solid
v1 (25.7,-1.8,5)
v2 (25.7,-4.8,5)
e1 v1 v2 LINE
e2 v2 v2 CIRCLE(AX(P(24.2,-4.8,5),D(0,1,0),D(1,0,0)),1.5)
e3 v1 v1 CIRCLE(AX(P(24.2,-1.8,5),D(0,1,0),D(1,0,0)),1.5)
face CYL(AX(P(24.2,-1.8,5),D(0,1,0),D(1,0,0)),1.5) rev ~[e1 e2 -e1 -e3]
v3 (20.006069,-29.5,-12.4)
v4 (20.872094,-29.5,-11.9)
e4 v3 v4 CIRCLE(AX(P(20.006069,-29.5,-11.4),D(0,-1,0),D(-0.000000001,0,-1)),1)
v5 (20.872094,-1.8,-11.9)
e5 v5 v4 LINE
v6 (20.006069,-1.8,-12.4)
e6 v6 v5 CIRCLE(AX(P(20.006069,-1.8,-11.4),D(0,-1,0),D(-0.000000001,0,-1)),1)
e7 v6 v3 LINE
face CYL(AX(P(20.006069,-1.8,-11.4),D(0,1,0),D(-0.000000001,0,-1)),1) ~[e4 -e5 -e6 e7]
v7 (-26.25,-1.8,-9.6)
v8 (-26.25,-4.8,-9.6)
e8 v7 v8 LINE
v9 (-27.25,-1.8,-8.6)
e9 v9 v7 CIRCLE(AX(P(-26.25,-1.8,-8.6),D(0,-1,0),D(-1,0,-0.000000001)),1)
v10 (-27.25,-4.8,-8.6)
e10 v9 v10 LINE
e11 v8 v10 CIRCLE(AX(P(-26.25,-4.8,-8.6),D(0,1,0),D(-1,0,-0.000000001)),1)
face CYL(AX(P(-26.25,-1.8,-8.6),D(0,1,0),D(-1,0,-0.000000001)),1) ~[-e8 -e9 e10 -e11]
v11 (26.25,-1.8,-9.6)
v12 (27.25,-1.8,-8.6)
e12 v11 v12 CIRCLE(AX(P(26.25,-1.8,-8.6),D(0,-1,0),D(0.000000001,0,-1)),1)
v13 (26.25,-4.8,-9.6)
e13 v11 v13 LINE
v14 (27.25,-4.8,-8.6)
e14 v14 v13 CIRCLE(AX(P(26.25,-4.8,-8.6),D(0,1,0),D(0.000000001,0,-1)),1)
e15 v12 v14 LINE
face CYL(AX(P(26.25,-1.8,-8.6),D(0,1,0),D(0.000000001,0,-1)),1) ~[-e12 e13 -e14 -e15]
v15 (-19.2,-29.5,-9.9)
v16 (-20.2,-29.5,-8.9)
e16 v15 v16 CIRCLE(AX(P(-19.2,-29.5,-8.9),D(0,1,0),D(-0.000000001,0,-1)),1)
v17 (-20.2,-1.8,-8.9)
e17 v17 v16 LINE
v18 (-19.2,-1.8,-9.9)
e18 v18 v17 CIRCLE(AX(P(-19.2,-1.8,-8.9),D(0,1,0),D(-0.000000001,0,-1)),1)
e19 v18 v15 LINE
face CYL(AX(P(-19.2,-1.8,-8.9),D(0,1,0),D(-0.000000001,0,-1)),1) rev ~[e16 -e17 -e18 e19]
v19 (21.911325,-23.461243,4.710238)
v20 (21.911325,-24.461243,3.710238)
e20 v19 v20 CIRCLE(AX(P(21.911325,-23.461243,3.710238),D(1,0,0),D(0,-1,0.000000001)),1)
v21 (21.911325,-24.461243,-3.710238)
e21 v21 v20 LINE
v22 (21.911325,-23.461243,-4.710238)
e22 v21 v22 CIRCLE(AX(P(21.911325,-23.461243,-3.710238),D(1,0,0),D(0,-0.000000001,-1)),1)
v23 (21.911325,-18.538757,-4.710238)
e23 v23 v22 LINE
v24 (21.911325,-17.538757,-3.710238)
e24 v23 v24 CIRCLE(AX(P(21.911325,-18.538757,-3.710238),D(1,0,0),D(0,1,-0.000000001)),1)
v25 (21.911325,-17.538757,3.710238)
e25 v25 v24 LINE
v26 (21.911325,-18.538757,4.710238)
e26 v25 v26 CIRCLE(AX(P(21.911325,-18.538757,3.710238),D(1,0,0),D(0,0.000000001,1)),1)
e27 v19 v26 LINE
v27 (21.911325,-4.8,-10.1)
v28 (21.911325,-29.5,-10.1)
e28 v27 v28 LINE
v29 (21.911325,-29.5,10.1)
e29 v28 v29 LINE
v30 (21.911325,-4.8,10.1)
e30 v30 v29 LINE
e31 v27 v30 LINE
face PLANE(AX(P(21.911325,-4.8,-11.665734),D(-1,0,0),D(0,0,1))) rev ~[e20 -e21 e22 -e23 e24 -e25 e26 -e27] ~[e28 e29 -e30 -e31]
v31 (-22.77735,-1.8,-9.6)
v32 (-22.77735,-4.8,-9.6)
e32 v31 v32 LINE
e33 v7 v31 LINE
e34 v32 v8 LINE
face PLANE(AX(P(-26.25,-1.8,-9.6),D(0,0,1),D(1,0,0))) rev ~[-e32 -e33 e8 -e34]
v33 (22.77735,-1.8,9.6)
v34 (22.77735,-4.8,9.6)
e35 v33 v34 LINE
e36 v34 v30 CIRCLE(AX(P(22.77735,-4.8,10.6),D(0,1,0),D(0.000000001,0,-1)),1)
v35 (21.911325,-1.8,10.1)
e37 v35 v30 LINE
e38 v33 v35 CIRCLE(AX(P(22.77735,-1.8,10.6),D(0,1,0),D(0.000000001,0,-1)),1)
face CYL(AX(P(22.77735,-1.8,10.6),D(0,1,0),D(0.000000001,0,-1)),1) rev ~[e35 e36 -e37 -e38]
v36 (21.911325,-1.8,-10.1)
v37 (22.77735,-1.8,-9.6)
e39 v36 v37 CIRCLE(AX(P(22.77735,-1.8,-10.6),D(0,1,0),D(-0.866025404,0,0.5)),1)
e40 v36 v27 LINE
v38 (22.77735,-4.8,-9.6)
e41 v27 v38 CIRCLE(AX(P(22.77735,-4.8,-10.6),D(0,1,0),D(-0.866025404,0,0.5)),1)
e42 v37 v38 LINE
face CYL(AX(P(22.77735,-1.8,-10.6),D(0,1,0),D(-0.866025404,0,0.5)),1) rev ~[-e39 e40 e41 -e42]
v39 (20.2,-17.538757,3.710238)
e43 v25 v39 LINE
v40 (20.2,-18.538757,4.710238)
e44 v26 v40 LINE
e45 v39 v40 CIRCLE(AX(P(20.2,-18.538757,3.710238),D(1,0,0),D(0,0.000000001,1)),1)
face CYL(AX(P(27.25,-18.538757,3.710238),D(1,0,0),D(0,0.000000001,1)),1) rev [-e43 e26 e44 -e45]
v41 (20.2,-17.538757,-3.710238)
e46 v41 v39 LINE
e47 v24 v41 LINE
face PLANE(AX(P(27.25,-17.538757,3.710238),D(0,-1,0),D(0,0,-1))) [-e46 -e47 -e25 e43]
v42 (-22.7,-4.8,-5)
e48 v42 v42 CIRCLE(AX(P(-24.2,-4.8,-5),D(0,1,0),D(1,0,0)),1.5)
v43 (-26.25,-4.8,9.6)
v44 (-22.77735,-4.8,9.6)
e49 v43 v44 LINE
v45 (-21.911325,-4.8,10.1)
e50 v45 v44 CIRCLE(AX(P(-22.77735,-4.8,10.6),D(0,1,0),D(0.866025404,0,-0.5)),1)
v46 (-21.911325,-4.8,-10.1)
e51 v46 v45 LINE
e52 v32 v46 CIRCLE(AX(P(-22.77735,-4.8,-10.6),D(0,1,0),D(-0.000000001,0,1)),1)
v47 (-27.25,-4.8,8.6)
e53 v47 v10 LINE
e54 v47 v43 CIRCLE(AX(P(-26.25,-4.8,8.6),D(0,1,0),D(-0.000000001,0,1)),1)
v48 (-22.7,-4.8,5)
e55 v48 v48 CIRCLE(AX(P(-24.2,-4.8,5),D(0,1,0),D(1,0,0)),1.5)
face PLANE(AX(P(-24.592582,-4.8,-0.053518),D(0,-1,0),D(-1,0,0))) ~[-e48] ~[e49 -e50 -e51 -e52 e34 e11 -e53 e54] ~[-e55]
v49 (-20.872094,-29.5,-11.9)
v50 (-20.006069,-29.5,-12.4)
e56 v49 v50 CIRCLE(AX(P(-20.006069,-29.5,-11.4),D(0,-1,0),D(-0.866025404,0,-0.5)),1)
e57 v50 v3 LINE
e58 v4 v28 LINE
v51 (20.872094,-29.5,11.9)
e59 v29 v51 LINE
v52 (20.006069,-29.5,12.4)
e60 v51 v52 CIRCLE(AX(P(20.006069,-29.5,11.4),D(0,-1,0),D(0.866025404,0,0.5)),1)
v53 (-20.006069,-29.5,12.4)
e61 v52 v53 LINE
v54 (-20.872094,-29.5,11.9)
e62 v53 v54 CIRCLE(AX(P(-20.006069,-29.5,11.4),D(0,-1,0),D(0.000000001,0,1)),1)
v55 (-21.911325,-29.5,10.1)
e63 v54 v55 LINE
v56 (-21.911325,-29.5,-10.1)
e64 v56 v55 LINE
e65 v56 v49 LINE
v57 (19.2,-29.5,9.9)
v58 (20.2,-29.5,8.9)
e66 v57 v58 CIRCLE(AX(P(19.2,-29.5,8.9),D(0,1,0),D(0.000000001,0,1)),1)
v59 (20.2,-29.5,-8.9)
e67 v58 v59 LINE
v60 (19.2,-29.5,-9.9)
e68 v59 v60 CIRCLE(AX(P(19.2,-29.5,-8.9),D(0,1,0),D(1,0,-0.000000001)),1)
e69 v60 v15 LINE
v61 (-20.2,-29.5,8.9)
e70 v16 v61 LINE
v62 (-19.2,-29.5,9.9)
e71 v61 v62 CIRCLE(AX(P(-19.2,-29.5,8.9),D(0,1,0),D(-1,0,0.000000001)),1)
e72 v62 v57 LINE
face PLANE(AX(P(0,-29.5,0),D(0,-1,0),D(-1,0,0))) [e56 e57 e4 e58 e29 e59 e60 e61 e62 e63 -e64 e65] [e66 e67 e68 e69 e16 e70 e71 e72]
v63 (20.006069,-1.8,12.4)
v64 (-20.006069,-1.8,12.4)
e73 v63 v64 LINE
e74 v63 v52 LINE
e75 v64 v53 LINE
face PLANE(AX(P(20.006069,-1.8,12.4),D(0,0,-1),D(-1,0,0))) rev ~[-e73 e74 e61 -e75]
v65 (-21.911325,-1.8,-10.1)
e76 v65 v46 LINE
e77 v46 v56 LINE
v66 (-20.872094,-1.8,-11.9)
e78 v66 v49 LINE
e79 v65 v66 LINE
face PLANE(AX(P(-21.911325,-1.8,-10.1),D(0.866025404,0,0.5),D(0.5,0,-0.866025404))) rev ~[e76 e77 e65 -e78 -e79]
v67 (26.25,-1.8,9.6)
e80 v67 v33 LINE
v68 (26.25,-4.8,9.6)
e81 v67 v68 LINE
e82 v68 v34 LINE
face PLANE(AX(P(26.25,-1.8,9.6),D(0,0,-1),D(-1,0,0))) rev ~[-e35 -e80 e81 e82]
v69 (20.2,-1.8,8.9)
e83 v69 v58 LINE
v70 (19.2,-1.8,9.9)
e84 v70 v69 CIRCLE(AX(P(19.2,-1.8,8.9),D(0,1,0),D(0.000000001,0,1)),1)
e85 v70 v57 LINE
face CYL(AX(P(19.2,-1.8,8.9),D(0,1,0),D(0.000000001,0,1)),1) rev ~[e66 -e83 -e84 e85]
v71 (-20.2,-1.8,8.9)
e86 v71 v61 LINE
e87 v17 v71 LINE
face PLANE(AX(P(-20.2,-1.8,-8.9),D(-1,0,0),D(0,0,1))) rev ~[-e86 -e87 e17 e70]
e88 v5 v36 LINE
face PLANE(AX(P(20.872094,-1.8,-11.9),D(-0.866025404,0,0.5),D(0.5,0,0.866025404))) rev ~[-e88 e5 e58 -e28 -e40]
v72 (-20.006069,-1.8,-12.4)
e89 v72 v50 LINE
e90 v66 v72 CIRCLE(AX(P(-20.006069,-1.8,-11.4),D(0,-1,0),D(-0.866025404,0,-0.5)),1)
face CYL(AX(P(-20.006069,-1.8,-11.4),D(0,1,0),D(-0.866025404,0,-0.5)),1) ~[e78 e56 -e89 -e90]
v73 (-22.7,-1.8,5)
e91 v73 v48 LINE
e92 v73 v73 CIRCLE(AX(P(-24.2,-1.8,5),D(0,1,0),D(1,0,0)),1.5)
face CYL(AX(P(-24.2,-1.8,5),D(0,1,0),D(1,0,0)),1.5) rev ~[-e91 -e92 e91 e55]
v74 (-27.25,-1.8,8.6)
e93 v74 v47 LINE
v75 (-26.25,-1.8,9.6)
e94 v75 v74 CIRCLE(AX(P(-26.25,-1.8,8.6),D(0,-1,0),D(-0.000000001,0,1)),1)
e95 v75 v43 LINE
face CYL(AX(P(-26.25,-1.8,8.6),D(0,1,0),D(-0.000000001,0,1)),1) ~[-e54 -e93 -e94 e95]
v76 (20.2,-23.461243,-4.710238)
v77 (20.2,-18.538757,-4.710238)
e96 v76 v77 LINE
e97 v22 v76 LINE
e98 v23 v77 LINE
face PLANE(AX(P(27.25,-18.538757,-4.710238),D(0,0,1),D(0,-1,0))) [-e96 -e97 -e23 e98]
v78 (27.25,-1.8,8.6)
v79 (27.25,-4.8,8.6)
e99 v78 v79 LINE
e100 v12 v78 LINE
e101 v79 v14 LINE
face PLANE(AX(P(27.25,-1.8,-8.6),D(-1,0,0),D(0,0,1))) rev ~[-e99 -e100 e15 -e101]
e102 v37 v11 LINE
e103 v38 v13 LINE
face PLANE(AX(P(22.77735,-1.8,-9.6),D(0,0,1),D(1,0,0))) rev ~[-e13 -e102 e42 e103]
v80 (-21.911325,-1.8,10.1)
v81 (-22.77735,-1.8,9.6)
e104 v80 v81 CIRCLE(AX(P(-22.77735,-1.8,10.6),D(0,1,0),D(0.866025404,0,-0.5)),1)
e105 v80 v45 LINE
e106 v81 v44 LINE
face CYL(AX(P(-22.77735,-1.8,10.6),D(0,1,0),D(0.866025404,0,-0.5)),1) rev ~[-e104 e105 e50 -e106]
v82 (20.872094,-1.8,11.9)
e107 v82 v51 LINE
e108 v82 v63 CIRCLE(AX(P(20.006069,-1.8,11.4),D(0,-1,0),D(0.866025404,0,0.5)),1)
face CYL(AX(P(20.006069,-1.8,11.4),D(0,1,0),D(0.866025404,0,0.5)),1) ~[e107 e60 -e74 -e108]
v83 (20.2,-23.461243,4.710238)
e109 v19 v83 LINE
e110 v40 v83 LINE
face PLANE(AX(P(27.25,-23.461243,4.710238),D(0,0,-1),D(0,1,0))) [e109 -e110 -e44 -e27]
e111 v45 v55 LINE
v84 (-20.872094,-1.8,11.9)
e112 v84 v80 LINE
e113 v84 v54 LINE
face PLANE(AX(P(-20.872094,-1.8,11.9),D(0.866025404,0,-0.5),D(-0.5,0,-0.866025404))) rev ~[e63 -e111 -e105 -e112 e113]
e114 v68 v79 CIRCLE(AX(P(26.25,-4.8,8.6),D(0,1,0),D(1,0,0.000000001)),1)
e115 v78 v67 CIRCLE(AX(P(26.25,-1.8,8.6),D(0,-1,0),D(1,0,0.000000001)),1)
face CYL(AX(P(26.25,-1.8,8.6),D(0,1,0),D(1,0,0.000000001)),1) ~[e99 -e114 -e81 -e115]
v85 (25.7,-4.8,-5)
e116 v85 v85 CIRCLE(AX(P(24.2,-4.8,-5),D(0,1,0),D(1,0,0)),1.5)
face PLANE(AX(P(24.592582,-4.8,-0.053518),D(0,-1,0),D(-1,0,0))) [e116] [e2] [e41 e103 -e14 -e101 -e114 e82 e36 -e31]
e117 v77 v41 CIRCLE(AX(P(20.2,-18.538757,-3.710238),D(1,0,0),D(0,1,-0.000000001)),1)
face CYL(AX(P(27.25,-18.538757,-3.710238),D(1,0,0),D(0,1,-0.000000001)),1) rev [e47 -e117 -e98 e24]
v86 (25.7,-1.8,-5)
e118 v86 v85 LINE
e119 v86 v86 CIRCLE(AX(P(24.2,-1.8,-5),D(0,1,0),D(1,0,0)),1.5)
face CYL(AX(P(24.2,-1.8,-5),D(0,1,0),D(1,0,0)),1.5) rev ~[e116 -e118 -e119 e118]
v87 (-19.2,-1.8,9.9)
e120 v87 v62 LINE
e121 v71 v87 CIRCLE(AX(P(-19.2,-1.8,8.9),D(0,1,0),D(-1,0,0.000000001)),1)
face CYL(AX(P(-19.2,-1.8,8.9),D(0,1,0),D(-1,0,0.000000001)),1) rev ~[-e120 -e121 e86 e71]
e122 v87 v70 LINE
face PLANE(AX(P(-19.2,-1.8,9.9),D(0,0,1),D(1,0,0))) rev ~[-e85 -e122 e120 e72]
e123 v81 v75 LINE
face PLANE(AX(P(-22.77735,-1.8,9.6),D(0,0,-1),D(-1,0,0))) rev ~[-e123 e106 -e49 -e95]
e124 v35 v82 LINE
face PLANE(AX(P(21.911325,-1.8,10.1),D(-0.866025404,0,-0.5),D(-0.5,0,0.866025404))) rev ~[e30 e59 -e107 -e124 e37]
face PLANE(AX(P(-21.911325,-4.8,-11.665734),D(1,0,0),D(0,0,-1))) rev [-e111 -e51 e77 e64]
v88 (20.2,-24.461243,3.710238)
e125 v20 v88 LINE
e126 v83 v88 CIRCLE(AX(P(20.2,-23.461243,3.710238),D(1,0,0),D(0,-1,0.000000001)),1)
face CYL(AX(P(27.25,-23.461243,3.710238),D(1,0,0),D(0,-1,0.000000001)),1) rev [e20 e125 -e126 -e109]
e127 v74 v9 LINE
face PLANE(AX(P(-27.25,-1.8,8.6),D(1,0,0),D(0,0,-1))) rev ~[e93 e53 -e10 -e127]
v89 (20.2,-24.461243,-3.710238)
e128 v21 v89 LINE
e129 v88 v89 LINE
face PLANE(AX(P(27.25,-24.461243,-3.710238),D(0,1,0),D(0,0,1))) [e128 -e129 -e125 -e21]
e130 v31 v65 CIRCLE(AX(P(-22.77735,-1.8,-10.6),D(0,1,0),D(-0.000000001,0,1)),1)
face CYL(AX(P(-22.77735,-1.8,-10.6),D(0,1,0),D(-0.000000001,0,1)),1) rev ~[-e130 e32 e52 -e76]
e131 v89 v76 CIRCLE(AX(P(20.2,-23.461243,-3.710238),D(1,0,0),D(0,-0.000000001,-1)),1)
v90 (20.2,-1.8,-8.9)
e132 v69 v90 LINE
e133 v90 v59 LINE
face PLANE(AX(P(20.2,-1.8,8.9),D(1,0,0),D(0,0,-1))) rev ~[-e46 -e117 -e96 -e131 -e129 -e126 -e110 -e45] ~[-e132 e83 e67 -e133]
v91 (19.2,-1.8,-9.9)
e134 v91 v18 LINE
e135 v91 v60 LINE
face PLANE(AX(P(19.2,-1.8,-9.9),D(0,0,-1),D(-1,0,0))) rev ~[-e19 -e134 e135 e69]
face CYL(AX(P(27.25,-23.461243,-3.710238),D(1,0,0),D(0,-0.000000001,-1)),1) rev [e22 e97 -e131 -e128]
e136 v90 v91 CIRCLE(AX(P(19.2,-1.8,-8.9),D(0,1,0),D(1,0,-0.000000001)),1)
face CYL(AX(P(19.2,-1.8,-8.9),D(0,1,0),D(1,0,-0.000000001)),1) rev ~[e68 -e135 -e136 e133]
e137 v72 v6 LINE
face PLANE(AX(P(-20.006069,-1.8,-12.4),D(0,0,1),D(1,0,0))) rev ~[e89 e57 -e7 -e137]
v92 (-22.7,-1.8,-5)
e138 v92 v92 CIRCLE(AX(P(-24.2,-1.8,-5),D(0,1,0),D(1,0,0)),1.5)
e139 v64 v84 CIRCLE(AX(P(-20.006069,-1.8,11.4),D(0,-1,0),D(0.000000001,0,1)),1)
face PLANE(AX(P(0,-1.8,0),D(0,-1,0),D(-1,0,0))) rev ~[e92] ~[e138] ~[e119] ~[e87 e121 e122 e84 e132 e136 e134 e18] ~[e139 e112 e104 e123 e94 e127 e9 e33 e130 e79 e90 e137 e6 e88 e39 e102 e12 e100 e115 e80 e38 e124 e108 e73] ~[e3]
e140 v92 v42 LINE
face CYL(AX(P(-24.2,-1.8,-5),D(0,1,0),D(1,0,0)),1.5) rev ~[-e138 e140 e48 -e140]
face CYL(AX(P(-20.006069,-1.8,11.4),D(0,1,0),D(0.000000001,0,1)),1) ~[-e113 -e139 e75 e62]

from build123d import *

# Parameters (mm, degrees)
SCHIZZO3_R                   = 1.5
ESTRUSIONE_ESTRUSIONE2_DEPTH = 27.7
TAGLIO_ESTRUSIONE1_REACH     = 56.5
TAGLIO_ESTRUSIONE2_START     = -3
TAGLIO_ESTRUSIONE2_DEPTH     = 24.7


with BuildPart() as part:
    # Schizzo3 → Estrusione-Estrusione2 (new body)
    with BuildSketch(Plane(origin=(0, -1.8, 0), x_dir=(1, 0, 0), z_dir=(0, 1, 0))):
        with BuildLine():
            Line((27.25, -1.6), (27.25, -8.6))
            ThreePointArc((27.25, -8.6), (26.957106781, -9.307106781), (26.25, -9.6))
            Line((26.25, -9.6), (22.777350269, -9.6))
            ThreePointArc((22.777350269, -9.6), (22.277350269, -9.733974596), (21.911324865, -10.1))
            Line((21.911324865, -10.1), (20.872094381, -11.9))
            ThreePointArc((20.872094381, -11.9), (20.506068977, -12.266025404), (20.006068977, -12.4))
            Line((20.006068977, -12.4), (-20.006068977, -12.4))
            ThreePointArc((-20.006068977, -12.4), (-20.506068977, -12.266025404), (-20.872094381, -11.9))
            Line((-20.872094381, -11.9), (-21.911324865, -10.1))
            ThreePointArc((-21.911324865, -10.1), (-22.277350269, -9.733974596), (-22.777350269, -9.6))
            Line((-22.777350269, -9.6), (-26.25, -9.6))
            ThreePointArc((-26.25, -9.6), (-26.957106781, -9.307106781), (-27.25, -8.6))
            Line((-27.25, -8.6), (-27.25, -1.6))
            Line((-27.25, -1.6), (-27.25, 1.6))
            Line((-27.25, 1.6), (-27.25, 8.6))
            ThreePointArc((-27.25, 8.6), (-26.957106781, 9.307106781), (-26.25, 9.6))
            Line((-26.25, 9.6), (-22.777350269, 9.6))
            ThreePointArc((-22.777350269, 9.6), (-22.277350269, 9.733974596), (-21.911324865, 10.1))
            Line((-21.911324865, 10.1), (-20.872094381, 11.9))
            ThreePointArc((-20.872094381, 11.9), (-20.506068977, 12.266025404), (-20.006068977, 12.4))
            Line((-20.006068977, 12.4), (20.006068977, 12.4))
            ThreePointArc((20.006068977, 12.4), (20.506068977, 12.266025404), (20.872094381, 11.9))
            Line((20.872094381, 11.9), (21.911324865, 10.1))
            ThreePointArc((21.911324865, 10.1), (22.277350269, 9.733974596), (22.777350269, 9.6))
            Line((22.777350269, 9.6), (26.25, 9.6))
            ThreePointArc((26.25, 9.6), (26.957106781, 9.307106781), (27.25, 8.6))
            Line((27.25, 8.6), (27.25, 1.6))
            Line((27.25, 1.6), (27.25, -1.6))
        make_face()
        with Locations((24.2, -5)):
            Circle(SCHIZZO3_R, mode=Mode.SUBTRACT)
        with Locations((24.2, 5)):
            Circle(SCHIZZO3_R, mode=Mode.SUBTRACT)
        with Locations((-24.2, 5)):
            Circle(SCHIZZO3_R, mode=Mode.SUBTRACT)
        with Locations((-24.2, -5)):
            Circle(SCHIZZO3_R, mode=Mode.SUBTRACT)
        with BuildLine():
            Line((-19.2, -9.9), (19.2, -9.9))
            ThreePointArc((19.2, -9.9), (19.907106781, -9.607106781), (20.2, -8.9))
            Line((20.2, -8.9), (20.2, 8.9))
            ThreePointArc((20.2, 8.9), (19.907106781, 9.607106781), (19.2, 9.9))
            Line((19.2, 9.9), (-19.2, 9.9))
            ThreePointArc((-19.2, 9.9), (-19.907106781, 9.607106781), (-20.2, 8.9))
            Line((-20.2, 8.9), (-20.2, -8.9))
            ThreePointArc((-20.2, -8.9), (-19.907106781, -9.607106781), (-19.2, -9.9))
        make_face(mode=Mode.SUBTRACT)
    extrude(amount=-ESTRUSIONE_ESTRUSIONE2_DEPTH)

    # Schizzo4 → Taglio-Estrusione1 (cut, up to next)
    with BuildSketch(Plane(origin=(27.25, 0, 0), x_dir=(0, 0, -1), z_dir=(1, 0, 0)), mode=Mode.PRIVATE) as taglio_estrusione1_sk1:
        with BuildLine():
            Line((-3.710237866, -17.5387571), (3.710237866, -17.5387571))
            ThreePointArc((3.710237866, -17.5387571), (4.417344647, -17.831650319), (4.710237866, -18.5387571))
            Line((4.710237866, -18.5387571), (4.710237866, -23.4612429))
            ThreePointArc((4.710237866, -23.4612429), (4.417344647, -24.168349681), (3.710237866, -24.4612429))
            Line((3.710237866, -24.4612429), (-3.710237866, -24.4612429))
            ThreePointArc((-3.710237866, -24.4612429), (-4.417344647, -24.168349681), (-4.710237866, -23.4612429))
            Line((-4.710237866, -23.4612429), (-4.710237866, -18.5387571))
            ThreePointArc((-4.710237866, -18.5387571), (-4.417344647, -17.831650319), (-3.710237866, -17.5387571))
        make_face()
    taglio_estrusione1_tool1 = extrude(taglio_estrusione1_sk1.sketch, amount=-TAGLIO_ESTRUSIONE1_REACH, mode=Mode.PRIVATE) & part.part
    add(taglio_estrusione1_tool1.solids().sort_by_distance((27.25, -21, 0))[0], mode=Mode.SUBTRACT)

    # Schizzo5 → Taglio-Estrusione2 (cut)
    with BuildSketch(Plane(origin=(0, -1.8, 0), x_dir=(1, 0, 0), z_dir=(0, 1, 0)).offset(TAGLIO_ESTRUSIONE2_START)):
        Polygon((27.25, 8.6), (27.25, -8.6), (27.507432363, -11.370727038), (21.911324865, -11.370727038), (21.911324865, -9.6), (21.911324865, 9.6), (21.911324865, 11.665734377), (27.25, 11.503675338), align=None)
    taglio_estrusione2 = extrude(amount=-TAGLIO_ESTRUSIONE2_DEPTH, mode=Mode.SUBTRACT)

    # Specchia1: Taglio-Estrusione2 across plane
    add(taglio_estrusione2.mirror(Plane(origin=(0, 0, 0), x_dir=(0, 0, 1), z_dir=(1, 0, 0))), mode=Mode.SUBTRACT)


solid = part.part
